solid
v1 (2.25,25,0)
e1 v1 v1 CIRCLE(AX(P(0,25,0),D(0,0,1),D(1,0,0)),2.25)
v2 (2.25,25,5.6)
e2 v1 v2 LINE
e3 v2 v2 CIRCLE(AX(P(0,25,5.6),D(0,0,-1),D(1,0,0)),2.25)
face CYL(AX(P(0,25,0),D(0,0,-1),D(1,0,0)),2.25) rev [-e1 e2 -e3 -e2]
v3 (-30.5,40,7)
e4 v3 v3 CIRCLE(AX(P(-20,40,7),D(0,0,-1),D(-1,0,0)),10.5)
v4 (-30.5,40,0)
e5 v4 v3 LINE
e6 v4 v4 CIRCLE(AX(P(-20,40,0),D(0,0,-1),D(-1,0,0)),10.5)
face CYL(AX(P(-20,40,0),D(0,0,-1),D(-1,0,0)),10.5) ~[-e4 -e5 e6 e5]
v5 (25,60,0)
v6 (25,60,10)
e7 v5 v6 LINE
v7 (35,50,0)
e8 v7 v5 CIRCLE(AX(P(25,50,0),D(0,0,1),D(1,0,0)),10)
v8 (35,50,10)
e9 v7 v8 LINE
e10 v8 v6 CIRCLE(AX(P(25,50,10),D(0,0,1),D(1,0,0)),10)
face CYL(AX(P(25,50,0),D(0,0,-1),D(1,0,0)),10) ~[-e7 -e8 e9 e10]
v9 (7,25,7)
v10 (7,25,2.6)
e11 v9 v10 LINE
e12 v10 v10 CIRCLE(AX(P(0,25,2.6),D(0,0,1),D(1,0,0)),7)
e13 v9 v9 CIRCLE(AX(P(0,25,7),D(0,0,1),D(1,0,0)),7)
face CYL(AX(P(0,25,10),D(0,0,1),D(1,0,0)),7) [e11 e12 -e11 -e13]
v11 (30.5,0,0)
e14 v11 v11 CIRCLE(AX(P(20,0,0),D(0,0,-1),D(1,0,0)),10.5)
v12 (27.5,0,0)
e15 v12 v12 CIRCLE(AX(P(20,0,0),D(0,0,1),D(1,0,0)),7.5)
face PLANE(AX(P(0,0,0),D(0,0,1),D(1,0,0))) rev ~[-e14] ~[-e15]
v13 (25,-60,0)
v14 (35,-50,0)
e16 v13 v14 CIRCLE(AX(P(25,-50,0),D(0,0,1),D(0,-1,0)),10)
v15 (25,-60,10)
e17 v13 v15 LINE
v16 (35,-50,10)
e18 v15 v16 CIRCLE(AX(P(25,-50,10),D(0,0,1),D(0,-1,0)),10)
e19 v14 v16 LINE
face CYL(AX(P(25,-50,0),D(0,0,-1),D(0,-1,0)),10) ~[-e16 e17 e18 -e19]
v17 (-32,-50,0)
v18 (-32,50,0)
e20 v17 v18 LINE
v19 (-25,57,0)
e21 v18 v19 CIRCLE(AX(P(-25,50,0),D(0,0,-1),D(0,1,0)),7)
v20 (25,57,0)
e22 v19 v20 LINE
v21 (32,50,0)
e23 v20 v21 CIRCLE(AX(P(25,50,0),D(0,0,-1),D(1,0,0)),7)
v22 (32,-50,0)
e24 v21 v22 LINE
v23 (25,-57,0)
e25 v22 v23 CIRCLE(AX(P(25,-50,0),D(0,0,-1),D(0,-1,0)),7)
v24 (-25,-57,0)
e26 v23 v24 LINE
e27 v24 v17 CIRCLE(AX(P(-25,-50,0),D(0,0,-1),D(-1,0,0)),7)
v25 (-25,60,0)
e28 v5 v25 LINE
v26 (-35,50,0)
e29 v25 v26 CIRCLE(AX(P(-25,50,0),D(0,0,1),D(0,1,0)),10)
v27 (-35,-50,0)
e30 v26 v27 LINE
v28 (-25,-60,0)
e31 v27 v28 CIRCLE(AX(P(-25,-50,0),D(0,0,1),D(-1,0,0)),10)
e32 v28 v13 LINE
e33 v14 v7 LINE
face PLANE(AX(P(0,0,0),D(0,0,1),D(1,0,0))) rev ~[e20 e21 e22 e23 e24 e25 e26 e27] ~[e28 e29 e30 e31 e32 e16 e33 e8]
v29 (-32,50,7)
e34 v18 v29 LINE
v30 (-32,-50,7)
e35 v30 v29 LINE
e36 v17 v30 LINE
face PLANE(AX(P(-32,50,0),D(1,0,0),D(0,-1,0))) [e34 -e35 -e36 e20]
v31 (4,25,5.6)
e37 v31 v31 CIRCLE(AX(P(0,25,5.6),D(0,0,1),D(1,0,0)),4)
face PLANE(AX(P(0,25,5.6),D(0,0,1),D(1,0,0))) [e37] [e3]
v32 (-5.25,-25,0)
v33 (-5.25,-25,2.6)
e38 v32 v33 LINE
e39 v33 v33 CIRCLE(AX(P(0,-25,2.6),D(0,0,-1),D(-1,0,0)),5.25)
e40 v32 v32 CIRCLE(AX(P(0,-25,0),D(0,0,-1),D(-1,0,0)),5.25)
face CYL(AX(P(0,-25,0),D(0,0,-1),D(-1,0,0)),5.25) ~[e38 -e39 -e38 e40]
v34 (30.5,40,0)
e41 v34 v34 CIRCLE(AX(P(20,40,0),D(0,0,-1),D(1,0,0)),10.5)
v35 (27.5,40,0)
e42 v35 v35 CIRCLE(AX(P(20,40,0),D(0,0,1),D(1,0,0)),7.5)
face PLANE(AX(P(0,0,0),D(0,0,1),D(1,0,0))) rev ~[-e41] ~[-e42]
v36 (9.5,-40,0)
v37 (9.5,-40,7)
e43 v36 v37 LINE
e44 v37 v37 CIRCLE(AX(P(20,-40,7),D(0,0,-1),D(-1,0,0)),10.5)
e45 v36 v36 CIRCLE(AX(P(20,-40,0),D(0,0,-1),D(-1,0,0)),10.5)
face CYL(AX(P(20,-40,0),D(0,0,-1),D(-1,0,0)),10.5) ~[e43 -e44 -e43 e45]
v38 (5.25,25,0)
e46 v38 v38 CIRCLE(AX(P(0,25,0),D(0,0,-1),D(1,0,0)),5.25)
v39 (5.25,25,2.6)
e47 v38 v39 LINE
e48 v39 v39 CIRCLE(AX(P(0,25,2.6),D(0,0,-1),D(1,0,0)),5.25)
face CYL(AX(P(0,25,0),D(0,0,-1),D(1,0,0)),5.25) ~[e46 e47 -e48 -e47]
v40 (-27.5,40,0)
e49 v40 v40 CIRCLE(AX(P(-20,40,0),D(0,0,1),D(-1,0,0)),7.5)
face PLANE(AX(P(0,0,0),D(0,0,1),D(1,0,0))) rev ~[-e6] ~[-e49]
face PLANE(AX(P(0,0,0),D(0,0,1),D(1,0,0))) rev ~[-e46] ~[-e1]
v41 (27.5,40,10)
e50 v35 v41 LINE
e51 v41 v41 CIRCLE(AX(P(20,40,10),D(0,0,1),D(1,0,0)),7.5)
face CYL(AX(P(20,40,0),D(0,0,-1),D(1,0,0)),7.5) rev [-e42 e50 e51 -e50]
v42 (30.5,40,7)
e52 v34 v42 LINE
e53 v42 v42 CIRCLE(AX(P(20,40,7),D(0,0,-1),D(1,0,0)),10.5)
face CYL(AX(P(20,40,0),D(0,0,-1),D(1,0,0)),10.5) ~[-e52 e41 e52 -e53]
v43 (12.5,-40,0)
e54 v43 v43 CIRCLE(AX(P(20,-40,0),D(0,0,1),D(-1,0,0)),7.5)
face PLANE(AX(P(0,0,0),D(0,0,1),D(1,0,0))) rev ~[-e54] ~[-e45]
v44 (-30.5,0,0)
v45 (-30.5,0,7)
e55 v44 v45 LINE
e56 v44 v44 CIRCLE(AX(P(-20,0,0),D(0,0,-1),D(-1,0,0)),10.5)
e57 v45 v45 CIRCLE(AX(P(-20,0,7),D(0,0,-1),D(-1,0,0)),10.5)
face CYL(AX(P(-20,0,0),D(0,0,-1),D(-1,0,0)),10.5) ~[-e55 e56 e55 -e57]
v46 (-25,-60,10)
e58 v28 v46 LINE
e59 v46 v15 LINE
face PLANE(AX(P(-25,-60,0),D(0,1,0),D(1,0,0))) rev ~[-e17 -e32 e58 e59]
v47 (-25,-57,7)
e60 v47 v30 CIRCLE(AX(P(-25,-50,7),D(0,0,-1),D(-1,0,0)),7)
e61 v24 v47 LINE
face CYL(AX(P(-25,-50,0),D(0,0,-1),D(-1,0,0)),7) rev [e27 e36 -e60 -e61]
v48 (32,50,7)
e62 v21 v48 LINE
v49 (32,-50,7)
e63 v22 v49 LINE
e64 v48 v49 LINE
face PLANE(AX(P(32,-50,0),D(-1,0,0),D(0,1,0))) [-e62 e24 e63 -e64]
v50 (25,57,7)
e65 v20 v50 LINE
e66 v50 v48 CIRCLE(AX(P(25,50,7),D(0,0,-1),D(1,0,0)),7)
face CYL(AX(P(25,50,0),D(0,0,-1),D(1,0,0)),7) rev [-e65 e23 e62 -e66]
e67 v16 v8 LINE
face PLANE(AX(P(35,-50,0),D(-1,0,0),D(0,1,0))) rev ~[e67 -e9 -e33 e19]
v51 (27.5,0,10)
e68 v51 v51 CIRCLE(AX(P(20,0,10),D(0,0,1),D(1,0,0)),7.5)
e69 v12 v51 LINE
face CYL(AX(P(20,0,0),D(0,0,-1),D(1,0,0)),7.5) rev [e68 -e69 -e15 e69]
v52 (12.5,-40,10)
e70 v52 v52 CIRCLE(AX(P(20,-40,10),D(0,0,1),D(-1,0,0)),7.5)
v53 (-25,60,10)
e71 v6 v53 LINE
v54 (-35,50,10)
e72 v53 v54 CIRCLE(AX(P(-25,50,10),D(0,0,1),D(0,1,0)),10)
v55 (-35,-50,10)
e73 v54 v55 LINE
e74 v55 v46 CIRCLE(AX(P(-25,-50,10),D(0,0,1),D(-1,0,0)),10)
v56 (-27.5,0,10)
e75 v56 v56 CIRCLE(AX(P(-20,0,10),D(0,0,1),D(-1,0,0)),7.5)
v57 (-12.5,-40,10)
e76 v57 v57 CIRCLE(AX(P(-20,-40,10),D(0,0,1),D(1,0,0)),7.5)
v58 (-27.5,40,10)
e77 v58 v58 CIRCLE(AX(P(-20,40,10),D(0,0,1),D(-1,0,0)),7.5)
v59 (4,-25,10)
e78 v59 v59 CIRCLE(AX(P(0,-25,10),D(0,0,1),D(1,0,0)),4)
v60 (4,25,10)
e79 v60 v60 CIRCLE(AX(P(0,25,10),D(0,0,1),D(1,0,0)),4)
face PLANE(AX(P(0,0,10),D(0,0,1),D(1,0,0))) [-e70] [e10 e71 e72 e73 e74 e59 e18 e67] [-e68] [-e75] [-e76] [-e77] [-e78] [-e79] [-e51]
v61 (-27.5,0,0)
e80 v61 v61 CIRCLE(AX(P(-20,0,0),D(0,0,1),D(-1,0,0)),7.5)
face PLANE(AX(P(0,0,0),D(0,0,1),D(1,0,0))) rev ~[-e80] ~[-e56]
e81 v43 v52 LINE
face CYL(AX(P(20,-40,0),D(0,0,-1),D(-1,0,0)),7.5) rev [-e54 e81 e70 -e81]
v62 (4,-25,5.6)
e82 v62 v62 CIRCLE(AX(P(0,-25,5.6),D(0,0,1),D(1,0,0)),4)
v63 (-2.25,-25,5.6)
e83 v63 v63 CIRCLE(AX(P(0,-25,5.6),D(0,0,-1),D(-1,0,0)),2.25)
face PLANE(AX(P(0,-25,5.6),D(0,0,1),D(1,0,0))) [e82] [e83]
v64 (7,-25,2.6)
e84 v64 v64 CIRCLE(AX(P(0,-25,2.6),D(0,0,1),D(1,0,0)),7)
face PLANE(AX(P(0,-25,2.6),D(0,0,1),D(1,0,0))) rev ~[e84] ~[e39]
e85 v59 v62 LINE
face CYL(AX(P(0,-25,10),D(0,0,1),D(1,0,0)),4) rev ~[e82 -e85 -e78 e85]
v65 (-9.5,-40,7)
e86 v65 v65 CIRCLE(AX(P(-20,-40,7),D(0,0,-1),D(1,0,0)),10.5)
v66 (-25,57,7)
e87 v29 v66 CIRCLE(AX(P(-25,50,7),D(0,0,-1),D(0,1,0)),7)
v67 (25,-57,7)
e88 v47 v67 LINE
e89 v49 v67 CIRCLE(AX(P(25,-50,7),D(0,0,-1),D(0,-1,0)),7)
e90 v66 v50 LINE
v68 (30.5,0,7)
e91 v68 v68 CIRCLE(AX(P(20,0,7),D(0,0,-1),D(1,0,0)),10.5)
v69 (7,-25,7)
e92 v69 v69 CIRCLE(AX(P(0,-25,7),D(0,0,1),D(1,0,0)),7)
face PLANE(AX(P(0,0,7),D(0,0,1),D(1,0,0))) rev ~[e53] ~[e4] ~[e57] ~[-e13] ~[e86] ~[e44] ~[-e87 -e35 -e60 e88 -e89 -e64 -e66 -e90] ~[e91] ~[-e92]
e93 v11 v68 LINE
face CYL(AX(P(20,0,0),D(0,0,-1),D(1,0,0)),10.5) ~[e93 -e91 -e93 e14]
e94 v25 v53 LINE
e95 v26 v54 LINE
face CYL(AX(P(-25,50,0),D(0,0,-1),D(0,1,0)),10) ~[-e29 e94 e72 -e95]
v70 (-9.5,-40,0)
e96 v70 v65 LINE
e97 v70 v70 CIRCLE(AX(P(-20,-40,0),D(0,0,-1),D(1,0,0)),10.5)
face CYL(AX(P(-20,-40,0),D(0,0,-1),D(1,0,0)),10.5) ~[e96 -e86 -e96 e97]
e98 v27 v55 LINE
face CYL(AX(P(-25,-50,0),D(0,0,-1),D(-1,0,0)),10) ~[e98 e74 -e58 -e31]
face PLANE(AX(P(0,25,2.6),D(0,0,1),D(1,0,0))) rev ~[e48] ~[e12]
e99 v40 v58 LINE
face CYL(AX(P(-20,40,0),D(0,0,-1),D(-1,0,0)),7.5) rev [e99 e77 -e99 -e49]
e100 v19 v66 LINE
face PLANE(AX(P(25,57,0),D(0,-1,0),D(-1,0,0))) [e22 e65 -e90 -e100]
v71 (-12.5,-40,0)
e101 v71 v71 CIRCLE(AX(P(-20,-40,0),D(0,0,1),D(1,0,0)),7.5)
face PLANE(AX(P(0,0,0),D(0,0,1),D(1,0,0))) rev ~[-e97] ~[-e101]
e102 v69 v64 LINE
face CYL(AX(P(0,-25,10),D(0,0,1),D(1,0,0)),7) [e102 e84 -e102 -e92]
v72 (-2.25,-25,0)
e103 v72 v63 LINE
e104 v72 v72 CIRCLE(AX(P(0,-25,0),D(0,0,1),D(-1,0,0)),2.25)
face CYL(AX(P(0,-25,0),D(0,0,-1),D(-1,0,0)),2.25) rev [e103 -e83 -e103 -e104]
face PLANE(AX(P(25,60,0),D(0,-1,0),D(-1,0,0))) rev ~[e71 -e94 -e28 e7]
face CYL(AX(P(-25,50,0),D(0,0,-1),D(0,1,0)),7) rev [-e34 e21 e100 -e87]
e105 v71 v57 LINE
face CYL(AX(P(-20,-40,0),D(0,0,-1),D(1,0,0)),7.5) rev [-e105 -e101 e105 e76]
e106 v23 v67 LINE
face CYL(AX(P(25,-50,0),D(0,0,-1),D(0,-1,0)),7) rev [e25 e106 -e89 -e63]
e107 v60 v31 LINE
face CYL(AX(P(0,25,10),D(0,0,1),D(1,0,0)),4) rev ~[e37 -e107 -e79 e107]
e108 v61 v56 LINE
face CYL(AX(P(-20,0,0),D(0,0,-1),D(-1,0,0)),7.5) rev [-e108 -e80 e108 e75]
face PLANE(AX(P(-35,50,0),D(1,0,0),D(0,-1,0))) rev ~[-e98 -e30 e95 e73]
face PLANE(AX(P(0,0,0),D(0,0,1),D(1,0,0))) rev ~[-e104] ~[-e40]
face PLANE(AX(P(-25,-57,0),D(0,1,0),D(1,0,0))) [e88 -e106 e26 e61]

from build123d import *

# Parameters (mm, degrees)
SKETCH_1_R          = 7.5
SKETCH_1_R_2        = 2.25
EXTRUDE_1_DEPTH     = 10
SKETCH_2_R          = 4
CUT_EXTRUDE_1_DEPTH = 4.4
SHELL_1_T           = -3


with BuildPart() as part:
    # 草图1 → 凸台-拉伸1 (new body)
    with BuildSketch(Plane.XY):
        with BuildLine():
            Line((-25, -60), (25, -60))
            ThreePointArc((25, -60), (32.071067812, -57.071067812), (35, -50))
            Line((35, -50), (35, 50))
            ThreePointArc((35, 50), (32.071067812, 57.071067812), (25, 60))
            Line((25, 60), (-25, 60))
            ThreePointArc((-25, 60), (-32.071067812, 57.071067812), (-35, 50))
            Line((-35, 50), (-35, -50))
            ThreePointArc((-35, -50), (-32.071067812, -57.071067812), (-25, -60))
        make_face()
        with Locations((20, 40)):
            Circle(SKETCH_1_R, mode=Mode.SUBTRACT)
        with Locations((20, 0)):
            Circle(SKETCH_1_R, mode=Mode.SUBTRACT)
        with Locations(Location((20, -40, 0), (0, 0, 180))):
            Circle(SKETCH_1_R, mode=Mode.SUBTRACT)
        with Locations((-20, -40)):
            Circle(SKETCH_1_R, mode=Mode.SUBTRACT)
        with Locations(Location((-20, 0, 0), (0, 0, 180))):
            Circle(SKETCH_1_R, mode=Mode.SUBTRACT)
        with Locations(Location((-20, 40, 0), (0, 0, 180))):
            Circle(SKETCH_1_R, mode=Mode.SUBTRACT)
        with Locations((0, 25)):
            Circle(SKETCH_1_R_2, mode=Mode.SUBTRACT)
        with Locations(Location((0, -25, 0), (0, 0, 180))):
            Circle(SKETCH_1_R_2, mode=Mode.SUBTRACT)
    extrude(amount=EXTRUDE_1_DEPTH)

    # 草图2 → 切除-拉伸1 (cut)
    with BuildSketch(Plane.XY.offset(10)):
        with Locations((0, 25)):
            Circle(SKETCH_2_R)
        with Locations((0, -25)):
            Circle(SKETCH_2_R)
    extrude(amount=-CUT_EXTRUDE_1_DEPTH, mode=Mode.SUBTRACT)

    # 抽壳1
    shell_1_openings = [part.faces().sort_by_distance(p)[0] for p in [
        (0, 0, 0),
    ]]
    offset(amount=SHELL_1_T, openings=shell_1_openings, kind=Kind.INTERSECTION)


solid = part.part
